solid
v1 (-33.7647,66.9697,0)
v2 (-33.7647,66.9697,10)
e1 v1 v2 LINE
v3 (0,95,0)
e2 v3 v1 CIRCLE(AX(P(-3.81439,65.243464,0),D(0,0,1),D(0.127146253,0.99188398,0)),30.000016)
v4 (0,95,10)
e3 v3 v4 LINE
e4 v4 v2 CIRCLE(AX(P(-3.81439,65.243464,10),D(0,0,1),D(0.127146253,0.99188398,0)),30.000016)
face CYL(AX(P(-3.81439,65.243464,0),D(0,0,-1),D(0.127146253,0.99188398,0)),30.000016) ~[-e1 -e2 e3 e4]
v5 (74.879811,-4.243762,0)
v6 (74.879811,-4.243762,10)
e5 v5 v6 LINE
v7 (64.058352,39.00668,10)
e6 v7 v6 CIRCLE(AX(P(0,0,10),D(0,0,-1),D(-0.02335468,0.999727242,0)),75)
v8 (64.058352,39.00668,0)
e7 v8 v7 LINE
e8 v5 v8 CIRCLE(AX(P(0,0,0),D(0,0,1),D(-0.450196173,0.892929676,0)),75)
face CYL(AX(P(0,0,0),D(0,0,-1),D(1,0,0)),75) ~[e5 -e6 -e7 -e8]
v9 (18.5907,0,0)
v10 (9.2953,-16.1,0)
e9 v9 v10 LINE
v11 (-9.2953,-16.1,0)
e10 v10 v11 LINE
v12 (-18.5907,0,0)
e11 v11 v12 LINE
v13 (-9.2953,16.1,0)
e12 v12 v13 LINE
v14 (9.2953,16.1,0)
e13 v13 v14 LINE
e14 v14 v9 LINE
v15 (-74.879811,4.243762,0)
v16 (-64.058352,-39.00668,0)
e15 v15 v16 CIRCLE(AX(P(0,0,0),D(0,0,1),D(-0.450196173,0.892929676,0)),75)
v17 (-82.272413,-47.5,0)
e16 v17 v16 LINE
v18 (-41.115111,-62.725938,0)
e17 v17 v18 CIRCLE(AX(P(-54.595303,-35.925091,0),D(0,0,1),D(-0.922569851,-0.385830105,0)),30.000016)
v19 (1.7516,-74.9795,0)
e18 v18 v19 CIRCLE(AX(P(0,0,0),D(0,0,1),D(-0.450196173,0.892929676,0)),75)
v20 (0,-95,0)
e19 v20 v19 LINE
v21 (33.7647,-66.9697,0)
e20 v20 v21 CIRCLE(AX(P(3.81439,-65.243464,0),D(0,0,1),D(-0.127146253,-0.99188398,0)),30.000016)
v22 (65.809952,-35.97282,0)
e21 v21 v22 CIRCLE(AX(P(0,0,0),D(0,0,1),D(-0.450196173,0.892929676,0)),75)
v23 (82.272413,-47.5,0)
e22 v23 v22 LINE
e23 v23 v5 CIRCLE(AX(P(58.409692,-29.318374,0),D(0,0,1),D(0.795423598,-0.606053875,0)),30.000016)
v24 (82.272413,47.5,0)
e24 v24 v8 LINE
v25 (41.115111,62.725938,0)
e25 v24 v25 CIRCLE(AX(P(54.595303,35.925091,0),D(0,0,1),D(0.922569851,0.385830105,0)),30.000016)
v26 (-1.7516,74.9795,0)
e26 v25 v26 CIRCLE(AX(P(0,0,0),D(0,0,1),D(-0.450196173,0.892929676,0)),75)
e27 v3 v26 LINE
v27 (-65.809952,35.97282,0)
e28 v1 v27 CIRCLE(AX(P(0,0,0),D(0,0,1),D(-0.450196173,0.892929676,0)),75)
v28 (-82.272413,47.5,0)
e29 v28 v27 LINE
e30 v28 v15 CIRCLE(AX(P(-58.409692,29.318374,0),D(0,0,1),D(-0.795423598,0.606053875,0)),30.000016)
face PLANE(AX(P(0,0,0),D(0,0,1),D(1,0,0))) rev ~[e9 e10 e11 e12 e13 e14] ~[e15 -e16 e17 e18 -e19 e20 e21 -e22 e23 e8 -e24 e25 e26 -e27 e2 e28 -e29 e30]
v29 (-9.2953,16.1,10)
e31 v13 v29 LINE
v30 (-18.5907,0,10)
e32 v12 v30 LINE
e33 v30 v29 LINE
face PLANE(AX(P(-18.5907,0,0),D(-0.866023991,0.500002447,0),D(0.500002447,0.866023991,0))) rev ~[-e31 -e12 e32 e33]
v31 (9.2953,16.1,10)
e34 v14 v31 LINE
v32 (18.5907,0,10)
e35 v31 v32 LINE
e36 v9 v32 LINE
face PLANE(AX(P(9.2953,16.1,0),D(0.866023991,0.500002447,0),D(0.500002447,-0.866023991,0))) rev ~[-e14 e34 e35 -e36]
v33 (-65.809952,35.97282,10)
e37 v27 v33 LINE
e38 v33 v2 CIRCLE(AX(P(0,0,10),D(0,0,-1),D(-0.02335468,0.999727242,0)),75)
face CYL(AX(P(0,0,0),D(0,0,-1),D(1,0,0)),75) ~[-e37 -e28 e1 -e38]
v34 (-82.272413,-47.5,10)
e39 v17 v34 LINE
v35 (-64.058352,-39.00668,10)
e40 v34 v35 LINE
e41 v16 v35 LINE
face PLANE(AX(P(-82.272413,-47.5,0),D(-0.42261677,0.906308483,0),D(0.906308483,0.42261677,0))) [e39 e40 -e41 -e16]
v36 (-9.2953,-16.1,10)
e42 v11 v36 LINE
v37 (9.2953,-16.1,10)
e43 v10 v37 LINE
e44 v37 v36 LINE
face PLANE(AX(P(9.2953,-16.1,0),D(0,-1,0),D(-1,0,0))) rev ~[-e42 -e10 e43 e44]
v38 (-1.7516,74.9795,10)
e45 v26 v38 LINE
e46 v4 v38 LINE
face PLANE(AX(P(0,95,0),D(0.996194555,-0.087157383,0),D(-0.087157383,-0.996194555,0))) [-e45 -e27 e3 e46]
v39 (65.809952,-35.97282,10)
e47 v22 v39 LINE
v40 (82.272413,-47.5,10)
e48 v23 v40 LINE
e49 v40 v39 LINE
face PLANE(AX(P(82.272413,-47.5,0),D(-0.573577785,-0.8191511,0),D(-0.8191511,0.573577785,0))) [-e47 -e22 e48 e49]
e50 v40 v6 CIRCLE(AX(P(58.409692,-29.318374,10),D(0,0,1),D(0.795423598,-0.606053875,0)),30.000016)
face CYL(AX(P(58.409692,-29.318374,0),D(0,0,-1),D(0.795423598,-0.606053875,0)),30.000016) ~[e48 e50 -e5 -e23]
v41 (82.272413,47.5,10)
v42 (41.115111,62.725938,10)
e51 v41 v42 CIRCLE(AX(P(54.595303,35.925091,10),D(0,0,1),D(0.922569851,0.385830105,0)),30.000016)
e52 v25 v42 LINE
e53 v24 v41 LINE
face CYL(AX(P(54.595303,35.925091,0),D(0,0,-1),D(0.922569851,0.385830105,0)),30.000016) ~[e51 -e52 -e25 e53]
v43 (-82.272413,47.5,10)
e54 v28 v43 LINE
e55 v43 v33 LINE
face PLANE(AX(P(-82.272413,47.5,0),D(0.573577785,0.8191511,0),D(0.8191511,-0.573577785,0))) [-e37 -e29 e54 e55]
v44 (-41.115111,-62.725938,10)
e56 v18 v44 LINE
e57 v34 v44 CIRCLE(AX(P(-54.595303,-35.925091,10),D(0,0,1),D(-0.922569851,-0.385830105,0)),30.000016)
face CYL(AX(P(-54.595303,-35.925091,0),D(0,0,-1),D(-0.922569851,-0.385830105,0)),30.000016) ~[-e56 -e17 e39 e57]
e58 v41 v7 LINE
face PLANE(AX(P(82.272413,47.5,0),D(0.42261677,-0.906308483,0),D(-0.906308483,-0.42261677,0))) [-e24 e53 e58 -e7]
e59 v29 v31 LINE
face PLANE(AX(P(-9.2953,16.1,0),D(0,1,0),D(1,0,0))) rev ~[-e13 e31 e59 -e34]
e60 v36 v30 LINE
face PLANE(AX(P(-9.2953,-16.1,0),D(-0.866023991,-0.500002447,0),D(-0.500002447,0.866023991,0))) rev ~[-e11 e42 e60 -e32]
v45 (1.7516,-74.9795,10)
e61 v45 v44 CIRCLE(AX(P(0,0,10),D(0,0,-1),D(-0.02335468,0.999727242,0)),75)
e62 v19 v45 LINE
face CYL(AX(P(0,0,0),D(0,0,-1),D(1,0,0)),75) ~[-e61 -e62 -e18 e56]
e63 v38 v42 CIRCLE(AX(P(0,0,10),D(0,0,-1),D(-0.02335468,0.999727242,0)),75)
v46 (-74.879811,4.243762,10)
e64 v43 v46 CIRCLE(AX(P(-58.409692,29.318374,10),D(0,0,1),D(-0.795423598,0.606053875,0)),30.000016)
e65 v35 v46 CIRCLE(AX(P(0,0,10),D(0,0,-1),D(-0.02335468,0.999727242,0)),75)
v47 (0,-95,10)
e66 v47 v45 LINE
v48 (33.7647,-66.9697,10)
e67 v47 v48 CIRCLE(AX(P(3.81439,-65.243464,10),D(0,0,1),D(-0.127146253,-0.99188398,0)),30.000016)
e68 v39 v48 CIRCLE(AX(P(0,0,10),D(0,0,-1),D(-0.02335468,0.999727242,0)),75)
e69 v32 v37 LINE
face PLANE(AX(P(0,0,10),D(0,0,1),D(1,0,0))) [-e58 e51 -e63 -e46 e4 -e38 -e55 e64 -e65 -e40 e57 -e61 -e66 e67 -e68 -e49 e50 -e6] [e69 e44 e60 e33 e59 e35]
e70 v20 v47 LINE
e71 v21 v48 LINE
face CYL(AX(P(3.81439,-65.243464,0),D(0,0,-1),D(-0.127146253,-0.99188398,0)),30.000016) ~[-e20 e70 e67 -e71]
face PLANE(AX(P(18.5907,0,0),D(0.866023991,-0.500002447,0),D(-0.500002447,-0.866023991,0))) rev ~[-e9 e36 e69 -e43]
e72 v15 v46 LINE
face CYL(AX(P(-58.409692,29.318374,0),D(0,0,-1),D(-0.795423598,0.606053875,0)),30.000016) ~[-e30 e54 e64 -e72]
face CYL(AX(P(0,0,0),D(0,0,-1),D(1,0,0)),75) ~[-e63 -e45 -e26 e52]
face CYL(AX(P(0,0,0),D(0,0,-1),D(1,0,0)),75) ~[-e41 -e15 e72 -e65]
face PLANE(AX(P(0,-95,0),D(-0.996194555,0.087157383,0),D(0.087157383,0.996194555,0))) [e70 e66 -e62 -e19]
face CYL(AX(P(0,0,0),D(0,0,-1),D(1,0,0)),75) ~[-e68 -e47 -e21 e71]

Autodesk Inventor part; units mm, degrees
ref_plane "YZ Plane" through (0, 0, 0) normal (1, 0, 0) x (0, 1, 0)
ref_plane "XZ Plane" through (0, 0, 0) normal (0, 1, 0) x (-1, 0, 0)
ref_plane "XY Plane" through (0, 0, 0) normal (0, 0, 1) x (1, 0, 0)
sketch "Sketch1" plane through (0, 0, 0) normal (0, 0, 1) x (1, 0, 0)
  line L0 (-9.2953, -16.1) -> (-18.5907, 0)
  line L1 (-18.5907, 0) -> (-9.2953, 16.1)
  line L2 (-9.2953, 16.1) -> (9.2953, 16.1)
  line L3 (9.2953, 16.1) -> (18.5907, 0)
  line L4 (18.5907, 0) -> (9.2953, -16.1)
  line L5 (9.2953, -16.1) -> (-9.2953, -16.1)
  circle A0 centre (0, 0) radius 75
  dimension "d0" = 32.2
  dimension "d2" = 150
extrude "Extrusion1" add sketch "Sketch1" along normal blind 10
sketch "Sketch2" plane through (0, 0, 0) normal (0, 0, 1) x (1, 0, 0)
  circle A0 centre (0, 0) radius 75 projected
  line L0 (0, 0) -> (0, 75) construction
  line L1 (0, 95) -> (-15.0761, 73.4691) construction
  line L2 (0, 95) -> (-1.7516, 74.9795)
  circle A1 centre (0, 0) radius 75 projected
  arc A2 (0, 95) -> (-33.7647, 66.9697) centre (-3.8144, 65.2435) ccw
  line L3 (0, 75) -> (0, 95) construction
  point P0 (-1.7516, 74.9795)
  point P1 (-33.7647, 66.9697)
  dimension "d5" = 5
  dimension "d8" = 35
  dimension "d14" = 30
  dimension "d15" = 33
  dimension "d16" = 20
extrude "Extrusion2" add sketch "Sketch2" along normal blind 10 contours A0 A2 L2
pattern_circular "Circular Pattern1" count 6 over 360 about axis through (0, 0, -10) along (0, 0, 1) of "Extrusion2"
equation "\"BendReliefDepth\" = 0.5 * Thickness"
equation "\"Thickness\" = 10"
properties part number "NVPH-202 shredder cutter blade" material "Steel"
